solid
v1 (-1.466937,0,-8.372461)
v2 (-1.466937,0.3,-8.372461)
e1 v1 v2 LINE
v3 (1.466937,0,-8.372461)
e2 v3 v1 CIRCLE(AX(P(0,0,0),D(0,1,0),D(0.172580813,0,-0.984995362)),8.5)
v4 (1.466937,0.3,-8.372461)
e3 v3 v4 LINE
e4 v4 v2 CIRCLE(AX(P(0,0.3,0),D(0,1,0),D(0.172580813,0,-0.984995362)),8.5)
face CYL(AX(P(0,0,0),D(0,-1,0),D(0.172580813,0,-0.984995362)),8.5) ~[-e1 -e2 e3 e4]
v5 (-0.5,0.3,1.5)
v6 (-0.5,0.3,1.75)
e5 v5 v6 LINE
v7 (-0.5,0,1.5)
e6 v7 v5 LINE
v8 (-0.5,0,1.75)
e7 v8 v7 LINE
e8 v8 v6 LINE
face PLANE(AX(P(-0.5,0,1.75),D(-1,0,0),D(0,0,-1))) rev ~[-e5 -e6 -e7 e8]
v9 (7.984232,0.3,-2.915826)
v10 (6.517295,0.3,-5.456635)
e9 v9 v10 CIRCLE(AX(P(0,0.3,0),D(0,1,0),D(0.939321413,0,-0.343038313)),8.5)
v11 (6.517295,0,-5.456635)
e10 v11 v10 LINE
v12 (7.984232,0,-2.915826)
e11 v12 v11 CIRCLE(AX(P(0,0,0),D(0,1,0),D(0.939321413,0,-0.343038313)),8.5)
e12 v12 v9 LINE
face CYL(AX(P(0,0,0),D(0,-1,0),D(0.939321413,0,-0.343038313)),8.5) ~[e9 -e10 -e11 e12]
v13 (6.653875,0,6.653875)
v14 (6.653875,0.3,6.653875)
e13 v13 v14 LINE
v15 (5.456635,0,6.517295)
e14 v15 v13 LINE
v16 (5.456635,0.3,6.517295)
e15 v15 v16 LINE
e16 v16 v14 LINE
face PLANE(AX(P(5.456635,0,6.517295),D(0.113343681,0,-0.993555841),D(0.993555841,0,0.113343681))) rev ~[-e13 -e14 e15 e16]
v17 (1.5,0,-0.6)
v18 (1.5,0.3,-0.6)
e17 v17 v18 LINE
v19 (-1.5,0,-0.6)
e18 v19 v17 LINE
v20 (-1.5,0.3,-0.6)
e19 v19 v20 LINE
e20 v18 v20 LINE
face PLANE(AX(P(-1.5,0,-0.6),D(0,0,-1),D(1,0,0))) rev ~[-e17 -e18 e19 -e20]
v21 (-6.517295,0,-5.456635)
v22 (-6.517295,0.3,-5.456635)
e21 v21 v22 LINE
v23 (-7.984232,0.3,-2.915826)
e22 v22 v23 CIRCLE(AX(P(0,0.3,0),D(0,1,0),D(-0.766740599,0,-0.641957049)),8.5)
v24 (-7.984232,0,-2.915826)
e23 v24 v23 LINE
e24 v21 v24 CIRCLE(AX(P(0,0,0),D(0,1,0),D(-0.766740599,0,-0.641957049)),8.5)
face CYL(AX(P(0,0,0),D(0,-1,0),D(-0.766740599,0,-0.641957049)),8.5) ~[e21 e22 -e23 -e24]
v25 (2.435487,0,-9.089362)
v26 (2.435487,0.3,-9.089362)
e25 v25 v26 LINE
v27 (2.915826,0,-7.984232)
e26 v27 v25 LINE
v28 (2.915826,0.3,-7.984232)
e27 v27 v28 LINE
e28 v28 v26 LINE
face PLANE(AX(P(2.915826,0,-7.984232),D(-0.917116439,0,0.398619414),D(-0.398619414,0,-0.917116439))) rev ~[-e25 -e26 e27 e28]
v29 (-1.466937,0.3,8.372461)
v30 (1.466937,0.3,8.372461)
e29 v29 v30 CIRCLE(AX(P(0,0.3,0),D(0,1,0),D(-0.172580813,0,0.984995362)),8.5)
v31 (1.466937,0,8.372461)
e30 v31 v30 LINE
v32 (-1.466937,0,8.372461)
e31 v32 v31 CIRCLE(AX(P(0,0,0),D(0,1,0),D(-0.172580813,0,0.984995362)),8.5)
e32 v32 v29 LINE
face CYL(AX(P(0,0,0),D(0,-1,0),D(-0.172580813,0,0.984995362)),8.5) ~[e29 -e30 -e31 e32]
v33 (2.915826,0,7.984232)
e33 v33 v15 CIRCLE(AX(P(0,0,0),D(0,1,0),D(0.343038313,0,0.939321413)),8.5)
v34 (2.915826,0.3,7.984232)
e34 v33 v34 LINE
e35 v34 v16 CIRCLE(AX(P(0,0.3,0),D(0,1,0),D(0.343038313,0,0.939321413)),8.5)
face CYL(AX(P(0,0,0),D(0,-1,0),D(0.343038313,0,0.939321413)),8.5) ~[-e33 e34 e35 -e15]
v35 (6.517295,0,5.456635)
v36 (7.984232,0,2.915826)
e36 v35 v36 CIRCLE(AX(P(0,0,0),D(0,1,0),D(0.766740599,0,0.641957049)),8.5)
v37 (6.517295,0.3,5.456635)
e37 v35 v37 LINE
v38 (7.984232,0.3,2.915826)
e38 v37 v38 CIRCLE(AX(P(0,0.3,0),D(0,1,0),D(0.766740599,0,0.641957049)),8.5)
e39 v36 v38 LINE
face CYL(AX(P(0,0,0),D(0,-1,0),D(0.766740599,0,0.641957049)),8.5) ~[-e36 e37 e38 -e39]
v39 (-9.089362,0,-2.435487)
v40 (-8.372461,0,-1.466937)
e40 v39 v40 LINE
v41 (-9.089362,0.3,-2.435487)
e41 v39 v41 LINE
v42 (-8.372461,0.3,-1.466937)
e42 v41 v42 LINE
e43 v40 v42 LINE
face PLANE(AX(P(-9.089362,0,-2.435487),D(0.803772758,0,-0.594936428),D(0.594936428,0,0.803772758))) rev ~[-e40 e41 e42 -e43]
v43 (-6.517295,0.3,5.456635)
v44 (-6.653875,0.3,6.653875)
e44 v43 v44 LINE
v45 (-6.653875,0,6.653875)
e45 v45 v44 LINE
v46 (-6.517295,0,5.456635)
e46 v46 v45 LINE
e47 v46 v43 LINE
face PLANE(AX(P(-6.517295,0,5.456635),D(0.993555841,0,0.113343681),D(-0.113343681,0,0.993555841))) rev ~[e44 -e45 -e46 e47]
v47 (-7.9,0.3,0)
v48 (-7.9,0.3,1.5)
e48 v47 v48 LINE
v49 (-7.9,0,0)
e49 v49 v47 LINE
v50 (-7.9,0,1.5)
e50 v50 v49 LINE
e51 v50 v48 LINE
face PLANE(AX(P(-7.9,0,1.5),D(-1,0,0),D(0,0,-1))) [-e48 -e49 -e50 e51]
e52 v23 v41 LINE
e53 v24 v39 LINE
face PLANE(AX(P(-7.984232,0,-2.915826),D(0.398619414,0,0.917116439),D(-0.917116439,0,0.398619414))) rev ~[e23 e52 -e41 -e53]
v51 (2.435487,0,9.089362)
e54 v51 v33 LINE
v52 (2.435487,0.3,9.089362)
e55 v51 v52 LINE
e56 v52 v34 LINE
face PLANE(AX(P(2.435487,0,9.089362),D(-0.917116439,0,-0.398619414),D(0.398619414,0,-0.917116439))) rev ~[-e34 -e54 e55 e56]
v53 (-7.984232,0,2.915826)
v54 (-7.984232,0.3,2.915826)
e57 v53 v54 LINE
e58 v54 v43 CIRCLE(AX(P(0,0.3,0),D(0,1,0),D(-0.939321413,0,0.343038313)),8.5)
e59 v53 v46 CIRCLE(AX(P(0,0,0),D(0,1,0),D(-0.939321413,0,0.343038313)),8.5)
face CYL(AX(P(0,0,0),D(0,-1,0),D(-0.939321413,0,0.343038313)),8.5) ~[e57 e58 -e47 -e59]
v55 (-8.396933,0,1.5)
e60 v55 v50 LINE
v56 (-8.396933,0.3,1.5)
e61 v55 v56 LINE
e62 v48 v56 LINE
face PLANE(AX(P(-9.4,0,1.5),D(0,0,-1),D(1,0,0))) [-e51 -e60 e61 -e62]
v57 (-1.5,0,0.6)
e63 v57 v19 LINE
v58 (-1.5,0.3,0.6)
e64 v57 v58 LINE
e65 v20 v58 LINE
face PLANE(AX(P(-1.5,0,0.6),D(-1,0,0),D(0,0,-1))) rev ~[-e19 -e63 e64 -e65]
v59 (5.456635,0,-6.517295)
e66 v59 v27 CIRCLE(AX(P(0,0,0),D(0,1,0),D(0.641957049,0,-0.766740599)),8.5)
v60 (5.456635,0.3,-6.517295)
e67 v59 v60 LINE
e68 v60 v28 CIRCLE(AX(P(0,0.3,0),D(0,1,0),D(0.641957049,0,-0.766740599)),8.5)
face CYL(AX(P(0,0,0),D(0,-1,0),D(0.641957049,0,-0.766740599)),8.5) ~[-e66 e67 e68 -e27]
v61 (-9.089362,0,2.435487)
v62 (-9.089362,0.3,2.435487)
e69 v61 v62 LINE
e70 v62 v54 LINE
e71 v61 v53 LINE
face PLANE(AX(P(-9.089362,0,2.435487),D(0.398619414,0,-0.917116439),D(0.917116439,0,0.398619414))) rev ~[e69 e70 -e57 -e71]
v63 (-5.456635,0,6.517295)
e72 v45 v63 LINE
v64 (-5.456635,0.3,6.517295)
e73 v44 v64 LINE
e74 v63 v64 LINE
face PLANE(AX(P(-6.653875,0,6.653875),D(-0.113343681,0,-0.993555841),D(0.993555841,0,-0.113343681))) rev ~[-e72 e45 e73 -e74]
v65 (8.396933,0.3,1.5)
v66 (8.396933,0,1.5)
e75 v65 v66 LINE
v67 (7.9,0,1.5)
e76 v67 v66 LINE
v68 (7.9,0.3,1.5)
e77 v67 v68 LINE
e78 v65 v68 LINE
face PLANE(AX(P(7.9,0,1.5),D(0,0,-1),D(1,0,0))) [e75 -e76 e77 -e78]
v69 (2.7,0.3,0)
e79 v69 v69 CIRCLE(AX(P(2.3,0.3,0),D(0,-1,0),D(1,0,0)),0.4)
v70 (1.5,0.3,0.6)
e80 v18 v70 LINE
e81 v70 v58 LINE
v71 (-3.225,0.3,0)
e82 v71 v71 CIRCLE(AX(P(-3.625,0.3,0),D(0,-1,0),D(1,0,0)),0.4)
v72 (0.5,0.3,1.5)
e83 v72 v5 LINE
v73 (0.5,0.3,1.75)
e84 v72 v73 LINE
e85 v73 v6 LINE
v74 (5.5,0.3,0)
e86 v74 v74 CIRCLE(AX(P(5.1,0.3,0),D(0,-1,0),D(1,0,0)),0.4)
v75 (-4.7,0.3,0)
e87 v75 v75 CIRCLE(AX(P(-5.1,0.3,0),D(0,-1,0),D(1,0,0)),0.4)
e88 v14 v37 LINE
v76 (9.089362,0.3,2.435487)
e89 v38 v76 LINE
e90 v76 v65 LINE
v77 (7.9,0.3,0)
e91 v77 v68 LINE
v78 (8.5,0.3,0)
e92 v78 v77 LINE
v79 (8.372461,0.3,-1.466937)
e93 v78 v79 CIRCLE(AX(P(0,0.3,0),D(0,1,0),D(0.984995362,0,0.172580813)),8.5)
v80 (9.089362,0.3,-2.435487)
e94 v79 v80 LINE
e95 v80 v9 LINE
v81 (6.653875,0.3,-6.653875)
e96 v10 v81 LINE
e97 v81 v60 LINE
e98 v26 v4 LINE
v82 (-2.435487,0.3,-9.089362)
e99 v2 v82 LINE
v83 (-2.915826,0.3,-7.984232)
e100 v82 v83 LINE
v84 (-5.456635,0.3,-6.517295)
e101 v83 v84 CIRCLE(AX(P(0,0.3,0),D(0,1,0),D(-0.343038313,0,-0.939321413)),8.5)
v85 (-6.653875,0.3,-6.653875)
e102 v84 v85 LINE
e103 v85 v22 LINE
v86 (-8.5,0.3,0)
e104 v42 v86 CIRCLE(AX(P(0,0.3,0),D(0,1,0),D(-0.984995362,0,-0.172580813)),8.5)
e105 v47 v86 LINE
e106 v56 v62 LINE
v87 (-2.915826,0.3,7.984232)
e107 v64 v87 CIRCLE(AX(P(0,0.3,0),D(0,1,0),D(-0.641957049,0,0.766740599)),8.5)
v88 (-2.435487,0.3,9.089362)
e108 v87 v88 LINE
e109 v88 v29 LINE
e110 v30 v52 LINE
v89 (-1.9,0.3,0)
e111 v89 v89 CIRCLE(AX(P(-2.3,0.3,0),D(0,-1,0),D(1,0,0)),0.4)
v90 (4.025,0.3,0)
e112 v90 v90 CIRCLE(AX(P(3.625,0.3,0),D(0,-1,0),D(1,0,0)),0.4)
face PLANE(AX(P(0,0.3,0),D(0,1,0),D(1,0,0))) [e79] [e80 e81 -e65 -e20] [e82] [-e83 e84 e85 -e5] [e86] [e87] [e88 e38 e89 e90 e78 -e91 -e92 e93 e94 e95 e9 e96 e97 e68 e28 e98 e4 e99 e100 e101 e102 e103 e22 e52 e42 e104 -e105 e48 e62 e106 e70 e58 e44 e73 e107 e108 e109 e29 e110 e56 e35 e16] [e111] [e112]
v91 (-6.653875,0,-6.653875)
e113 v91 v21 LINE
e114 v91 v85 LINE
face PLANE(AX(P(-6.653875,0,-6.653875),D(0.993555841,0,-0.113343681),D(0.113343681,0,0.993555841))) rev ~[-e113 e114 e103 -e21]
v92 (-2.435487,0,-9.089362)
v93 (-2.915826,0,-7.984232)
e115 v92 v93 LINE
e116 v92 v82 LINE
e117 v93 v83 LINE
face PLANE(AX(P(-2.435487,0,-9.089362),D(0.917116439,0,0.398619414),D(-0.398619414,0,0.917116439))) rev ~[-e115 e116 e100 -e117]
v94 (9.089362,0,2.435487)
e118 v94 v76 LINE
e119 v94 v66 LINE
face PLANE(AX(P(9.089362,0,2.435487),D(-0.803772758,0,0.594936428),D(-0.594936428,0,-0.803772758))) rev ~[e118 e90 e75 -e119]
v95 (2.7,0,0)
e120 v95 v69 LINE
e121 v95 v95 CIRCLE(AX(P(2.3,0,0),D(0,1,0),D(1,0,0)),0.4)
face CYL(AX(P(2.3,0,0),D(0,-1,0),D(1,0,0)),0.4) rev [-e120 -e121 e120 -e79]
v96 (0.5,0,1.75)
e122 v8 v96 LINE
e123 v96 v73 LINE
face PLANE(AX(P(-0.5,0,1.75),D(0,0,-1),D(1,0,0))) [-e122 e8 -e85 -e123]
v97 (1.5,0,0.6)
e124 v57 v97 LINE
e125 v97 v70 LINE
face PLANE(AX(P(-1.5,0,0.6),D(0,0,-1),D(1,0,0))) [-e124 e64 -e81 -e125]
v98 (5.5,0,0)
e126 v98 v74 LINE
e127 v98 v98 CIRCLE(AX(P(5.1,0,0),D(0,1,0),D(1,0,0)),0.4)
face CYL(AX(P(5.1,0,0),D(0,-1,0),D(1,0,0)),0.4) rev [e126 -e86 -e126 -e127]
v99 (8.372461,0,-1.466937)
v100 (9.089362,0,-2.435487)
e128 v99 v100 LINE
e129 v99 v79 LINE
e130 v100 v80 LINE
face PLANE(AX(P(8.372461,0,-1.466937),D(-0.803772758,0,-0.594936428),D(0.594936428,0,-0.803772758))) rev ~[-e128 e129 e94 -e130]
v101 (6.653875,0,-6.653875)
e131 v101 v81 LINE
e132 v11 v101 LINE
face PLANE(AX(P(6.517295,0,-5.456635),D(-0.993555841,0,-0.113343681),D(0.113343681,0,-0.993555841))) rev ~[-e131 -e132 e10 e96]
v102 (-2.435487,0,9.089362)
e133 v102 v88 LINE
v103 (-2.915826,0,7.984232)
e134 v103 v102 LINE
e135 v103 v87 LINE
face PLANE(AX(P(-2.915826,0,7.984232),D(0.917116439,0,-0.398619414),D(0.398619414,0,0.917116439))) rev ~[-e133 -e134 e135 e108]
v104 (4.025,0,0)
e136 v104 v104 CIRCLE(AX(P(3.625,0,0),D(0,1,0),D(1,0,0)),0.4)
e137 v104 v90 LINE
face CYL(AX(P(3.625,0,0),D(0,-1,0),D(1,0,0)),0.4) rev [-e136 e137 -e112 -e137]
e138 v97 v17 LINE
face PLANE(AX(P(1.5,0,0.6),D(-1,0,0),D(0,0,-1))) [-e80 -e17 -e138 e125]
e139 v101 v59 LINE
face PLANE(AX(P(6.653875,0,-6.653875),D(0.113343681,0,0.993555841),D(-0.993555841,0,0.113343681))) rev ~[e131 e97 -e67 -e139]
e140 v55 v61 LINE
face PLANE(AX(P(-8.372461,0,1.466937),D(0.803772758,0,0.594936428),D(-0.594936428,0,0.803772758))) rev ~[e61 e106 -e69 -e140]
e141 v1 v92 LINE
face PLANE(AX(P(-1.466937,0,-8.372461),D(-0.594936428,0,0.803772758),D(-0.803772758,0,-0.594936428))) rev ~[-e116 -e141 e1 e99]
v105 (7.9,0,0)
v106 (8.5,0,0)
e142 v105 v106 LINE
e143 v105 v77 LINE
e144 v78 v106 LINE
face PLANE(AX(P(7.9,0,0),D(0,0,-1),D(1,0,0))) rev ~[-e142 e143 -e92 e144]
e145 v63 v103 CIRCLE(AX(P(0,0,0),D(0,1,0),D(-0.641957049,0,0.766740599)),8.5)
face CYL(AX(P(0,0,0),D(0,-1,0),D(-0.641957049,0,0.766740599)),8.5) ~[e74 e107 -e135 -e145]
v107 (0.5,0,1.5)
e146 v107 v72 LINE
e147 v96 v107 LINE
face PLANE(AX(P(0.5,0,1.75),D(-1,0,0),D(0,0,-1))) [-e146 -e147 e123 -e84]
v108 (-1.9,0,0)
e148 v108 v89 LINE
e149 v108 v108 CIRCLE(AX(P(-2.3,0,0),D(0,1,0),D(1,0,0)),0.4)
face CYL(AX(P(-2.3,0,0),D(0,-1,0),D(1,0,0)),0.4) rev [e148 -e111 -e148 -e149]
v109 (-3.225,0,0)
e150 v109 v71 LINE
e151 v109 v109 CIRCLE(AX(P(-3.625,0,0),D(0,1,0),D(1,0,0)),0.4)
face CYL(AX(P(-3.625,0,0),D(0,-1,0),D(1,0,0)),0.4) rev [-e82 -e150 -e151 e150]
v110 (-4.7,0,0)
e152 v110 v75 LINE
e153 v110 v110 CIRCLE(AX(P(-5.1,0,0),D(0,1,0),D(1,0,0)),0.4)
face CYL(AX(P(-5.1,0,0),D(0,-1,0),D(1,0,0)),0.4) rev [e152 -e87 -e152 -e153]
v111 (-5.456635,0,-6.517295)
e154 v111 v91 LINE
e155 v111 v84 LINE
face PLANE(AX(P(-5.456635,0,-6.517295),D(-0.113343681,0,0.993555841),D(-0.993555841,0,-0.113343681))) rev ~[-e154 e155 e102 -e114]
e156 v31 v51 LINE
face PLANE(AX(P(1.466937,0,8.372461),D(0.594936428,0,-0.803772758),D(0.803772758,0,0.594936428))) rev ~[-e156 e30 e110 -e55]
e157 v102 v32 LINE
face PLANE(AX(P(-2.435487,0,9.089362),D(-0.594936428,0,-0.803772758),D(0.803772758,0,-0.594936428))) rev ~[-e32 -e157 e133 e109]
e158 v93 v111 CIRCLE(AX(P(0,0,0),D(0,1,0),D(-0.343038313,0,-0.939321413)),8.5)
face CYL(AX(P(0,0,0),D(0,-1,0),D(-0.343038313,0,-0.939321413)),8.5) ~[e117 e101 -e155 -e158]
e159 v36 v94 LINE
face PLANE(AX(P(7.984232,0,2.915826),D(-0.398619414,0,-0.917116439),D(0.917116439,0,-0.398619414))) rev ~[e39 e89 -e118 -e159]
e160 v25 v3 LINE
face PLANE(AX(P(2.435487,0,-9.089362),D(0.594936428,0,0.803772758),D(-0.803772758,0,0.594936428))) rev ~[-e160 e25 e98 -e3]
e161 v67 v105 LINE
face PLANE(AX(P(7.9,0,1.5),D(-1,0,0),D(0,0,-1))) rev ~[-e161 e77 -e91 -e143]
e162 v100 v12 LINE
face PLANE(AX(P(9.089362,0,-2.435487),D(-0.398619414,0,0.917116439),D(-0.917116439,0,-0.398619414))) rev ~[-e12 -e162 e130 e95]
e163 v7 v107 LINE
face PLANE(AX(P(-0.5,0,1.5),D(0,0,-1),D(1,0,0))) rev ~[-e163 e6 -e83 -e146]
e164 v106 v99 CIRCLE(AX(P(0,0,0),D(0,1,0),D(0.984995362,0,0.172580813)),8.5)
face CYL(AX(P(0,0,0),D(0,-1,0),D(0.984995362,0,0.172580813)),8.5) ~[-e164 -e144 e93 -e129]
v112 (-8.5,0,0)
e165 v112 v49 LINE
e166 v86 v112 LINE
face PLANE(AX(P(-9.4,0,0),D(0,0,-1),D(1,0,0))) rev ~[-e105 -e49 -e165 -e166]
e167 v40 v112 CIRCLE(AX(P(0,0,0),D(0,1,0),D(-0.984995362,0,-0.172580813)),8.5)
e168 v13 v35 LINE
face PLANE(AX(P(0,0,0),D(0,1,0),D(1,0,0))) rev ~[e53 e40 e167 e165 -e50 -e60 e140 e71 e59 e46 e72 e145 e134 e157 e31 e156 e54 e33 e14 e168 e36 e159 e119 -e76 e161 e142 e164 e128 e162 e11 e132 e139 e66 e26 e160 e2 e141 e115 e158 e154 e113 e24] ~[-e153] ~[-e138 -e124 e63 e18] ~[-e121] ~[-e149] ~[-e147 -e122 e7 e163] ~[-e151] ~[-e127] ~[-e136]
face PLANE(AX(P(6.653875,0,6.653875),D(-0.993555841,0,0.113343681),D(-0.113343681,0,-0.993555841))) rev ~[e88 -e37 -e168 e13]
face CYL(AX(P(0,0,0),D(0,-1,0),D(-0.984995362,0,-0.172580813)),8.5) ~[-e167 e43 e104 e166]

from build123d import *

# Parameters (mm, degrees)
EXTRUDE1_DEPTH = 0.3
SKETCH3_R      = 0.4
SKETCH3_W      = 3
SKETCH3_H      = 1.2
EXTRUDE2_DEPTH = 1.3
SKETCH4_W      = 1
SKETCH4_H      = 0.25
EXTRUDE3_DEPTH = 24
SKETCH5_W      = 1.5
SKETCH5_H      = 1.5
EXTRUDE5_DEPTH = 1


with BuildPart() as part:
    # Sketch1 → Extrude1 (new body)
    with BuildSketch(Plane(origin=(0, 0, 0), x_dir=(1, 0, 0), z_dir=(0, 1, 0))):
        with BuildLine():
            Line((-2.435487214, 9.089362025), (-2.915825654, 7.984232008))
            ThreePointArc((-2.915825654, 7.984232008), (-4.25, 7.361215932), (-5.456634922, 6.517295093))
            Line((-5.456634922, 6.517295093), (-6.653874811, 6.653874811))
            Line((-6.653874811, 6.653874811), (-6.517295093, 5.456634922))
            ThreePointArc((-6.517295093, 5.456634922), (-7.361215932, 4.25), (-7.984232008, 2.915825654))
            Line((-7.984232008, 2.915825654), (-9.089362025, 2.435487214))
            Line((-9.089362025, 2.435487214), (-8.372460576, 1.466936915))
            ThreePointArc((-8.372460576, 1.466936915), (-8.5, 0), (-8.372460576, -1.466936915))
            Line((-8.372460576, -1.466936915), (-9.089362025, -2.435487214))
            Line((-9.089362025, -2.435487214), (-7.984232008, -2.915825654))
            ThreePointArc((-7.984232008, -2.915825654), (-7.361215932, -4.25), (-6.517295093, -5.456634922))
            Line((-6.517295093, -5.456634922), (-6.653874811, -6.653874811))
            Line((-6.653874811, -6.653874811), (-5.456634922, -6.517295093))
            ThreePointArc((-5.456634922, -6.517295093), (-4.25, -7.361215932), (-2.915825654, -7.984232008))
            Line((-2.915825654, -7.984232008), (-2.435487214, -9.089362025))
            Line((-2.435487214, -9.089362025), (-1.466936915, -8.372460576))
            ThreePointArc((-1.466936915, -8.372460576), (0, -8.5), (1.466936915, -8.372460576))
            Line((1.466936915, -8.372460576), (2.435487214, -9.089362025))
            Line((2.435487214, -9.089362025), (2.915825654, -7.984232008))
            ThreePointArc((2.915825654, -7.984232008), (4.25, -7.361215932), (5.456634922, -6.517295093))
            Line((5.456634922, -6.517295093), (6.653874811, -6.653874811))
            Line((6.653874811, -6.653874811), (6.517295093, -5.456634922))
            ThreePointArc((6.517295093, -5.456634922), (7.361215932, -4.25), (7.984232008, -2.915825654))
            Line((7.984232008, -2.915825654), (9.089362025, -2.435487214))
            Line((9.089362025, -2.435487214), (8.372460576, -1.466936915))
            ThreePointArc((8.372460576, -1.466936915), (8.5, 0), (8.372460576, 1.466936915))
            Line((8.372460576, 1.466936915), (9.089362025, 2.435487214))
            Line((9.089362025, 2.435487214), (7.984232008, 2.915825654))
            ThreePointArc((7.984232008, 2.915825654), (7.361215932, 4.25), (6.517295093, 5.456634922))
            Line((6.517295093, 5.456634922), (6.653874811, 6.653874811))
            Line((6.653874811, 6.653874811), (5.456634922, 6.517295093))
            ThreePointArc((5.456634922, 6.517295093), (4.25, 7.361215932), (2.915825654, 7.984232008))
            Line((2.915825654, 7.984232008), (2.435487214, 9.089362025))
            Line((2.435487214, 9.089362025), (1.466936915, 8.372460576))
            ThreePointArc((1.466936915, 8.372460576), (0, 8.5), (-1.466936915, 8.372460576))
            Line((-1.466936915, 8.372460576), (-2.435487214, 9.089362025))
        make_face()
    extrude(amount=EXTRUDE1_DEPTH)

    # Sketch3 → Extrude2 (cut, through all)
    with BuildSketch(Plane(origin=(0, 0, 0), x_dir=(1, 0, 0), z_dir=(0, 1, 0))):
        with Locations((-2.3, 0)):
            Circle(SKETCH3_R)
        with Locations((-3.625, 0)):
            Circle(SKETCH3_R)
        with Locations((-5.1, 0)):
            Circle(SKETCH3_R)
        with Locations((2.3, 0)):
            Circle(SKETCH3_R)
        with Locations((3.625, 0)):
            Circle(SKETCH3_R)
        with Locations((5.1, 0)):
            Circle(SKETCH3_R)
        Rectangle(SKETCH3_W, SKETCH3_H)
    extrude(amount=EXTRUDE2_DEPTH, mode=Mode.SUBTRACT)

    # Sketch4 → Extrude3 (cut)
    with BuildSketch(Plane(origin=(0, 0, 0), x_dir=(1, 0, 0), z_dir=(0, 1, 0))):
        with Locations((0, -1.625)):
            Rectangle(SKETCH4_W, SKETCH4_H)
    extrude(amount=EXTRUDE3_DEPTH, mode=Mode.SUBTRACT)

    # Sketch5 → Extrude5 (cut)
    with BuildSketch(Plane(origin=(0, 0, 0), x_dir=(1, 0, 0), z_dir=(0, 1, 0))):
        with Locations((-8.65, -0.75)):
            Rectangle(SKETCH5_W, SKETCH5_H)
        with Locations((8.65, -0.75)):
            Rectangle(SKETCH5_W, SKETCH5_H)
    extrude(amount=EXTRUDE5_DEPTH, mode=Mode.SUBTRACT)


solid = part.part
